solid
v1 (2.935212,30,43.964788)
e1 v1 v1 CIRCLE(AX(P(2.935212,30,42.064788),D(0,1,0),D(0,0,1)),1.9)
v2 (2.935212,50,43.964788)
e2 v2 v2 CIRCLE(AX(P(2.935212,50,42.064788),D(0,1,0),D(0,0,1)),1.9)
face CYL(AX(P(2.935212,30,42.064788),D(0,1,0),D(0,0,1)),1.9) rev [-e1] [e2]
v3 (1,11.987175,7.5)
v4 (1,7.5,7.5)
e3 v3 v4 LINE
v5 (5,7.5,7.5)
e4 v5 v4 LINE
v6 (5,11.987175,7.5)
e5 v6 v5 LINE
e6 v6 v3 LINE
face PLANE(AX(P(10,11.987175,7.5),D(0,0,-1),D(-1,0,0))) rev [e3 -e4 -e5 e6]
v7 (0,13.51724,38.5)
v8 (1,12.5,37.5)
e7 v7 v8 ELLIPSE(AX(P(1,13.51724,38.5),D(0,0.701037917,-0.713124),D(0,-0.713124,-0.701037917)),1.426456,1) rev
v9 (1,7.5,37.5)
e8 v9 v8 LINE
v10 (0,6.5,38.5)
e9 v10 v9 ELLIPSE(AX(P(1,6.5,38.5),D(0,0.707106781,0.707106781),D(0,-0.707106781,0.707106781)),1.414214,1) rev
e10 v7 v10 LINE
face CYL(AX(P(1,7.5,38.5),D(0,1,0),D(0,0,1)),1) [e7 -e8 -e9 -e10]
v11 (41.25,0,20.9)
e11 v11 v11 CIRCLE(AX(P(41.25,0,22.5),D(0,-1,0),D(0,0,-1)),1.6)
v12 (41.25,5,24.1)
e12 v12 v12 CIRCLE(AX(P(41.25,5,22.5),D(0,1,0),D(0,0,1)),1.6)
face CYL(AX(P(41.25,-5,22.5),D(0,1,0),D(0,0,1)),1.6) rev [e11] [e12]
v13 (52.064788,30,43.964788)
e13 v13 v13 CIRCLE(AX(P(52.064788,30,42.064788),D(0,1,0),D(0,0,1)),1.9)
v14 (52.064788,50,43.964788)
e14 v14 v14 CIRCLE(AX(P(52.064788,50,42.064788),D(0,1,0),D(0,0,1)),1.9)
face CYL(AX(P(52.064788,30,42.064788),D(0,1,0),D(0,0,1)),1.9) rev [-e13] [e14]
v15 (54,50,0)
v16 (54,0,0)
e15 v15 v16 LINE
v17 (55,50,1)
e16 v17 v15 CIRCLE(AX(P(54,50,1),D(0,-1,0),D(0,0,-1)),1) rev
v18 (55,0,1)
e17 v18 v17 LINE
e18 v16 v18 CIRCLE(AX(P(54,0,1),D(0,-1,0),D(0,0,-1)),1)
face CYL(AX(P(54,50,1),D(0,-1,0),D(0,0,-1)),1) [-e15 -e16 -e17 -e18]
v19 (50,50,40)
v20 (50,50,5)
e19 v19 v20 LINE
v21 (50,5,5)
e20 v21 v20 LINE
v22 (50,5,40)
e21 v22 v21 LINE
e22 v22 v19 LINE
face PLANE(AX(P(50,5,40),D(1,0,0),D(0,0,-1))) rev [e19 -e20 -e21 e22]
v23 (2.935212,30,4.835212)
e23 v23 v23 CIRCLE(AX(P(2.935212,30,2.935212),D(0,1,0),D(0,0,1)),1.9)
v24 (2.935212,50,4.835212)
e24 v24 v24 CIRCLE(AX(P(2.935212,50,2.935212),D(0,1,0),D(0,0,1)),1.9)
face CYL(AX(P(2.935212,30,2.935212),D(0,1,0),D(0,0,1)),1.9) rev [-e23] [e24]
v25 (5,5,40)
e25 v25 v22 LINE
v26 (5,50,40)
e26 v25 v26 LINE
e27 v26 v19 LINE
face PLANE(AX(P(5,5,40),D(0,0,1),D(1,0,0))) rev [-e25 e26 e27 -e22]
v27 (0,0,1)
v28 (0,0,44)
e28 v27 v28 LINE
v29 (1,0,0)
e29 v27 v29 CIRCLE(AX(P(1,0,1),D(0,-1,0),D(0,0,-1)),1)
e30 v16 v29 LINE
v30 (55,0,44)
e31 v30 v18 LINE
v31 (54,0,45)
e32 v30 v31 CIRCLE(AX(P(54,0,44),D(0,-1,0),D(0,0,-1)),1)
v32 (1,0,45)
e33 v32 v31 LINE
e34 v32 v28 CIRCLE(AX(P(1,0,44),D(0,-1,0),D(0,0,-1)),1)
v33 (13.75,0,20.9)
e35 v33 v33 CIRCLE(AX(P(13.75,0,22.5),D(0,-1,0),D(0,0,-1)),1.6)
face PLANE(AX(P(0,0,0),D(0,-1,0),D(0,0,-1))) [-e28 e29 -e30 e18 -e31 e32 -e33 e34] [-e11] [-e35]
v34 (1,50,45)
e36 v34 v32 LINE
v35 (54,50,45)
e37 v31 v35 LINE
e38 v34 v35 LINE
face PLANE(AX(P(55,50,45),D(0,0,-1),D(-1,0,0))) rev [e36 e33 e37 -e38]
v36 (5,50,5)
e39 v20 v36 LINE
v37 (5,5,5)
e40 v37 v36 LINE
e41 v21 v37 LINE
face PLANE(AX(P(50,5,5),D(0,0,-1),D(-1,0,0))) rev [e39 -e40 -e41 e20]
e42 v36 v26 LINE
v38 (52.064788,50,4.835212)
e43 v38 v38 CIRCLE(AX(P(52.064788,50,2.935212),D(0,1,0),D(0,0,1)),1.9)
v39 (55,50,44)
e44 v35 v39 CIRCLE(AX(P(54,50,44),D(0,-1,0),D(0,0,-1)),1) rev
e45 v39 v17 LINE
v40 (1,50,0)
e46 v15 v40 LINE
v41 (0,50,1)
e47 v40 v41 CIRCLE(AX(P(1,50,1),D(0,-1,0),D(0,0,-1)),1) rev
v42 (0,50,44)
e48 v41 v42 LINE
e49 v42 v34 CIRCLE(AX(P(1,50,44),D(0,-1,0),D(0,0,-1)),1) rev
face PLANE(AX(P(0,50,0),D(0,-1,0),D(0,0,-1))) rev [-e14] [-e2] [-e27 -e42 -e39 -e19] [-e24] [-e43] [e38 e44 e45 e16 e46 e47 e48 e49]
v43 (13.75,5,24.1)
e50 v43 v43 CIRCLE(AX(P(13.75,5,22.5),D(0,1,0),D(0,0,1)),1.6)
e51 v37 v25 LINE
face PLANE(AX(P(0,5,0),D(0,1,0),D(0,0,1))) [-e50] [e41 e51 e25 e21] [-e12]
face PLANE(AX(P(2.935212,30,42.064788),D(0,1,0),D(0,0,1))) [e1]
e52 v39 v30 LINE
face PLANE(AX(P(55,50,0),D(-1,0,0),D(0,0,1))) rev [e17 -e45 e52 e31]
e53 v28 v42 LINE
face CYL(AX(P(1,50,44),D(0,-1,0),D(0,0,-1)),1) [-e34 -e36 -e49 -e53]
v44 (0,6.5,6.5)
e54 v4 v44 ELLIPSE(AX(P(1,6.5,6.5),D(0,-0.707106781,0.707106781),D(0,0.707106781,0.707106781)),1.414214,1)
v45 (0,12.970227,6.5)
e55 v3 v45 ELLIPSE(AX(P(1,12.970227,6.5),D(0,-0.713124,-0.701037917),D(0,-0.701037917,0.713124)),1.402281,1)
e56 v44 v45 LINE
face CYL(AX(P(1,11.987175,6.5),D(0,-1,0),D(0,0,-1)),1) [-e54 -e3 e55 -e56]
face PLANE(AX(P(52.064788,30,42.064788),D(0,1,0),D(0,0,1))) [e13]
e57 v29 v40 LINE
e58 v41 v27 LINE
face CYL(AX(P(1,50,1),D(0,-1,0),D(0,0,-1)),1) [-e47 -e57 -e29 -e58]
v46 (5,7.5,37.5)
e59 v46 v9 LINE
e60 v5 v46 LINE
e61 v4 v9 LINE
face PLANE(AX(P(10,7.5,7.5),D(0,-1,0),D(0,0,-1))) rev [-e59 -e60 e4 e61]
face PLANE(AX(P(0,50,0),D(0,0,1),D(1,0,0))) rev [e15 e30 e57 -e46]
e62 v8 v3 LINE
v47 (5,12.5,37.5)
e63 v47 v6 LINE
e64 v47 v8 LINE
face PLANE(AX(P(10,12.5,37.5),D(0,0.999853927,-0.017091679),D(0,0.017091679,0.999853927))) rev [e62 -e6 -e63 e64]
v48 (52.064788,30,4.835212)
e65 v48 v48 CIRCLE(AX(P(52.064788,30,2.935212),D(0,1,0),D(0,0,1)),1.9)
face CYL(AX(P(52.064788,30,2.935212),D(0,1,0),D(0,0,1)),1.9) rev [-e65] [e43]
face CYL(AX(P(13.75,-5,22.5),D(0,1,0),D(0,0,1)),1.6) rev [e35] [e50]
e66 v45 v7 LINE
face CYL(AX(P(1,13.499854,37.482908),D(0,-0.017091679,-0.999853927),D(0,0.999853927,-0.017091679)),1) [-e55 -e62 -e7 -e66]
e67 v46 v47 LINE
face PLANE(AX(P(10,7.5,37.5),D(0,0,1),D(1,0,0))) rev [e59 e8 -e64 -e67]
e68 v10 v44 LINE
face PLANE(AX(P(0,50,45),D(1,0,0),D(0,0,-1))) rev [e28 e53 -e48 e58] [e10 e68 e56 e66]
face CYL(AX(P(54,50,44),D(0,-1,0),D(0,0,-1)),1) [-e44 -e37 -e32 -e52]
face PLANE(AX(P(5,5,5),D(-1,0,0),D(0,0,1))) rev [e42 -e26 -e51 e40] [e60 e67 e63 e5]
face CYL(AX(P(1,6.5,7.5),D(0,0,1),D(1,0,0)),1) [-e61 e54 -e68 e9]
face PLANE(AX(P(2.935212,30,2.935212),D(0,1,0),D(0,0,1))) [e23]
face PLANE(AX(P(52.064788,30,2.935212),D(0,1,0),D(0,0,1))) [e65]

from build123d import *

# Parameters (mm, degrees)
SKETCH1_W           = 55
SKETCH1_H           = 45
BOSS_EXTRUDE1_DEPTH = 50
SKETCH2_W           = 45
SKETCH2_H           = 35
CUT_EXTRUDE1_DEPTH  = 45
SKETCH3_R           = 1.9
CUT_EXTRUDE2_DEPTH  = 20
SKETCH4_R           = 1.6
CUT_EXTRUDE3_DEPTH  = 10
CUT_EXTRUDE4_DEPTH  = 10
FILLET2_R           = 1
FILLET3_R           = 1


with BuildPart() as part:
    # Sketch1 → Boss-Extrude1 (new body)
    with BuildSketch(Plane(origin=(0, 0, 0), x_dir=(1, 0, 0), z_dir=(0, 1, 0))):
        with Locations((27.5, -22.5)):
            Rectangle(SKETCH1_W, SKETCH1_H)
    extrude(amount=BOSS_EXTRUDE1_DEPTH)

    # Sketch2 → Cut-Extrude1 (cut)
    with BuildSketch(Plane(origin=(0, 50, 0), x_dir=(1, 0, 0), z_dir=(0, 1, 0))):
        with Locations((27.5, -22.5)):
            Rectangle(SKETCH2_W, SKETCH2_H)
    extrude(amount=-CUT_EXTRUDE1_DEPTH, mode=Mode.SUBTRACT)

    # Sketch3 → Cut-Extrude2 (cut)
    with BuildSketch(Plane(origin=(0, 50, 0), x_dir=(1, 0, 0), z_dir=(0, 1, 0))):
        with Locations((2.935211994, -2.935211994)):
            Circle(SKETCH3_R)
        with Locations((52.064788006, -2.935211994)):
            Circle(SKETCH3_R)
        with Locations((52.064788006, -42.064788006)):
            Circle(SKETCH3_R)
        with Locations((2.935211994, -42.064788006)):
            Circle(SKETCH3_R)
    extrude(amount=-CUT_EXTRUDE2_DEPTH, mode=Mode.SUBTRACT)

    # Sketch4 → Cut-Extrude3 (cut)
    with BuildSketch(Plane(origin=(0, 5, 0), x_dir=(1, 0, 0), z_dir=(0, 1, 0))):
        with Locations((13.75, -22.5)):
            Circle(SKETCH4_R)
        with Locations((41.25, -22.5)):
            Circle(SKETCH4_R)
    extrude(amount=-CUT_EXTRUDE3_DEPTH, mode=Mode.SUBTRACT)

    # Sketch5 → Cut-Extrude4 (cut)
    with BuildSketch(Plane.ZY):
        Polygon((7.5, 11.987174728), (7.5, 7.5), (37.5, 7.5), (37.5, 12.5), align=None)
    extrude(amount=-CUT_EXTRUDE4_DEPTH, mode=Mode.SUBTRACT)

    # Fillet2
    fillet2_edges = [part.edges().sort_by_distance(p)[0] for p in [
        (55, 25, 45),
        (0, 25, 45),
        (0, 25, 0),
        (55, 25, 0),
    ]]
    fillet(fillet2_edges, radius=FILLET2_R)

    # Fillet3
    fillet3_edges = [part.edges().sort_by_distance(p)[0] for p in [
        (0, 7.5, 22.5),
        (0, 9.743587364, 7.5),
        (0, 12.243587364, 22.5),
        (0, 10, 37.5),
    ]]
    fillet(fillet3_edges, radius=FILLET3_R)


solid = part.part
